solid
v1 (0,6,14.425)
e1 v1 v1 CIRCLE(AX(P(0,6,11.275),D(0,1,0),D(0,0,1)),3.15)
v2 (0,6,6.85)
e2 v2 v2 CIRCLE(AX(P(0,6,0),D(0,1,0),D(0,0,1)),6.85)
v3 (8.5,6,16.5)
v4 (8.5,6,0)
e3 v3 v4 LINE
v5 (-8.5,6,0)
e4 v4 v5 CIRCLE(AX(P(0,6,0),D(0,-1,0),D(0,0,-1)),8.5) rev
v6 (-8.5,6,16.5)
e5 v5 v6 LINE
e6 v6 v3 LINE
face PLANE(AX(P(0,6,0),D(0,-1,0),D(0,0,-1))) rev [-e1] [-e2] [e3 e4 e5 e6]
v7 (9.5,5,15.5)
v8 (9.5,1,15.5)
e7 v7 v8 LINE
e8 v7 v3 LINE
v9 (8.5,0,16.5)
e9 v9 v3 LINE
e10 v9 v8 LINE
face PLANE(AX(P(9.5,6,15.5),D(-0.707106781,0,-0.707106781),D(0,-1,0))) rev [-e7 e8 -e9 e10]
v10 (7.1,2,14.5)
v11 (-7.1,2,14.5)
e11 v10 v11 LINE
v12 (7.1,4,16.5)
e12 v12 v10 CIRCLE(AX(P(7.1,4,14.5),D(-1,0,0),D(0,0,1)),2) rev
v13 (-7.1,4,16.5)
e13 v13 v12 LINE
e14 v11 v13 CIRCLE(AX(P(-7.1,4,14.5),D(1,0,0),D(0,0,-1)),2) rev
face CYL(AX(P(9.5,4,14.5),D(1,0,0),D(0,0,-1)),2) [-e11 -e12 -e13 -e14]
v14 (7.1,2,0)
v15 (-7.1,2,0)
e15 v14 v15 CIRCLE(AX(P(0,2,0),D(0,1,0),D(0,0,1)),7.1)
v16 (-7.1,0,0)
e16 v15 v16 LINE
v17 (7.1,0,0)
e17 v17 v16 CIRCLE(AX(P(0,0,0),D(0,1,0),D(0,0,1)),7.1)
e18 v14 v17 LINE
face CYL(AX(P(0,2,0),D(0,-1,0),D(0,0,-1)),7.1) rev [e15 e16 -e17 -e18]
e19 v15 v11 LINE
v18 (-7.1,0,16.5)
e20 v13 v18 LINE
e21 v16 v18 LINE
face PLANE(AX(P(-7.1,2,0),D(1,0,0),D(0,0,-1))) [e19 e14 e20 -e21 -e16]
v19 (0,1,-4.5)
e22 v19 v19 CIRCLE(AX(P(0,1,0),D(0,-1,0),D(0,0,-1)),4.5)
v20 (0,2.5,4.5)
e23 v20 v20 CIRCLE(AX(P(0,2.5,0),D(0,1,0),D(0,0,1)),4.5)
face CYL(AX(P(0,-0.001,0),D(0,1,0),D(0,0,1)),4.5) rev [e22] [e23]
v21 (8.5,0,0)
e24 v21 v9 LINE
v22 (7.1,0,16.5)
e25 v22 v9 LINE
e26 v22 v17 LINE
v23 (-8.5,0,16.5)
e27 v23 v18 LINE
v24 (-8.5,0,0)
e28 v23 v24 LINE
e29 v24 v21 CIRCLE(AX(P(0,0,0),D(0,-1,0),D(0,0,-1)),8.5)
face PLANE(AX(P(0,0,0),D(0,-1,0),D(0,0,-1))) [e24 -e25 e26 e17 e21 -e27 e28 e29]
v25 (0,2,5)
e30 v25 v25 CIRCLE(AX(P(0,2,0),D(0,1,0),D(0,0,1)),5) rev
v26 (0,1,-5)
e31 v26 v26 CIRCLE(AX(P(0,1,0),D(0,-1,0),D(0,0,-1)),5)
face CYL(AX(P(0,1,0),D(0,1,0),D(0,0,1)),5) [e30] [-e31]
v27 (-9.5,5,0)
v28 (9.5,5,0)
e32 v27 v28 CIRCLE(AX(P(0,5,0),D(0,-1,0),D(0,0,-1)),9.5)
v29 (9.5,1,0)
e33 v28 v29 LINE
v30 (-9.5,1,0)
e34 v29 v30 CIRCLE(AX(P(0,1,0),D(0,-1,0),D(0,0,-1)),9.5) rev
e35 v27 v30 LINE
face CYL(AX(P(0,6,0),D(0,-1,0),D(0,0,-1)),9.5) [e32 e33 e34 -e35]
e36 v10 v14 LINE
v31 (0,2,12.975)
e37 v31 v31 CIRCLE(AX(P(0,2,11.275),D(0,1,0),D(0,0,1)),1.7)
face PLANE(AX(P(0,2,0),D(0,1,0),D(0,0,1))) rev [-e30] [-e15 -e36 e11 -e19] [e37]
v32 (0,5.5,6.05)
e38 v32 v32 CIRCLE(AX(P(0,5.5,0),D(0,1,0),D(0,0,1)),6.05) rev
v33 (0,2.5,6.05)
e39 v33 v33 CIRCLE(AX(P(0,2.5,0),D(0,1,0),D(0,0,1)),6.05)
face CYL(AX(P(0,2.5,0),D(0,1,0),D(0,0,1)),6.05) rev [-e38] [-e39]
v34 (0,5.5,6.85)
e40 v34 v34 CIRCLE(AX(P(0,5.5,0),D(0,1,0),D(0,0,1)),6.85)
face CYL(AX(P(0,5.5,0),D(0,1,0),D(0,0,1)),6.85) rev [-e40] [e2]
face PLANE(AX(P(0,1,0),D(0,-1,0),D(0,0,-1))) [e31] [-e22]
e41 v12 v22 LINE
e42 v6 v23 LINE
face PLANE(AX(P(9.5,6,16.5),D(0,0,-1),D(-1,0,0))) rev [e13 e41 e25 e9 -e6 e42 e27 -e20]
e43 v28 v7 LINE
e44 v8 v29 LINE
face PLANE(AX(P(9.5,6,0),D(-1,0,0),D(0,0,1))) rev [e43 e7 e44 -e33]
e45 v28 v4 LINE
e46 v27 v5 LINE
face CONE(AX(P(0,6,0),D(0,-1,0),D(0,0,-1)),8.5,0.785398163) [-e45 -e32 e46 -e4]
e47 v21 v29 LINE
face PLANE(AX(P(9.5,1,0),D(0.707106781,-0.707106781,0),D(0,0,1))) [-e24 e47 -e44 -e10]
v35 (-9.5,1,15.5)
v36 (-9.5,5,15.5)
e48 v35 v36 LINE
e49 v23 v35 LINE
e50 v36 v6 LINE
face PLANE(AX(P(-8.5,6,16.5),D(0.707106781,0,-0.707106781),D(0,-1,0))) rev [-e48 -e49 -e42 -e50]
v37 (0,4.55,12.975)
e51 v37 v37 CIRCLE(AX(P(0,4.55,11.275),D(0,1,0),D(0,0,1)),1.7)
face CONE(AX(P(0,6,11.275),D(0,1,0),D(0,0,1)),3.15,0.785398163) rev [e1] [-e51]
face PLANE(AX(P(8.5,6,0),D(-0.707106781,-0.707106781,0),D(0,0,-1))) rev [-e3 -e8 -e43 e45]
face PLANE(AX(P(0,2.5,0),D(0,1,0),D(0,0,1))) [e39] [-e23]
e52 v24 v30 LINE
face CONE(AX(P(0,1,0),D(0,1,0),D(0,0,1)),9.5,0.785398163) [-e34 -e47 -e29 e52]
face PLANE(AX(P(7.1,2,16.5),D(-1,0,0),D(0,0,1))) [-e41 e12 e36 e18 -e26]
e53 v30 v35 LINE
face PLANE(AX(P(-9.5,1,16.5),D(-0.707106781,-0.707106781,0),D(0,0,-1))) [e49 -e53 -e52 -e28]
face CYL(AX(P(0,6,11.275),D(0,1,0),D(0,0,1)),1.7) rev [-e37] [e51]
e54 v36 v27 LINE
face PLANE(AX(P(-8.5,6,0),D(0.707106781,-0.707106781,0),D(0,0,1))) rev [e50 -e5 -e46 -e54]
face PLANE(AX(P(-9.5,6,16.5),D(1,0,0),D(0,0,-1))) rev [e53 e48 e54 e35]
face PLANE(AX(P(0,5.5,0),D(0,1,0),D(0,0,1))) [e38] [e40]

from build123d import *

# Parameters (mm, degrees)
BOSS_EXTRUDE1_DEPTH                                 = 6
CUT_EXTRUDE1_DEPTH                                  = 2
SKETCH3_R                                           = 6.05
CUT_EXTRUDE2_DEPTH                                  = 3.5
SKETCH4_R                                           = 6.85
CUT_EXTRUDE3_DEPTH                                  = 0.5
CUT_EXTRUDE4_REACH                                  = 21.358
SKETCH5_R                                           = 4.5
FILLET1_R                                           = 2
SKETCH6_R                                           = 5
SKETCH6_R_2                                         = 4.5
BOSS_EXTRUDE2_DEPTH                                 = 1
CSK_FOR_M3_COUNTERSUNK_FLAT_HEAD_SCREW1_D           = 3.4
CSK_FOR_M3_COUNTERSUNK_FLAT_HEAD_SCREW1_CSINK_D     = 6.3
CSK_FOR_M3_COUNTERSUNK_FLAT_HEAD_SCREW1_CSINK_ANGLE = 90
CHAMFER1_SIZE                                       = 1


with BuildPart() as part:
    # Sketch2 → Boss-Extrude1 (new body)
    with BuildSketch(Plane(origin=(0, 0, 0), x_dir=(1, 0, 0), z_dir=(0, 1, 0))):
        with BuildLine():
            Line((-9.5, -16.5), (-9.5, 0))
            ThreePointArc((-9.5, 0), (0, 9.5), (9.5, 0))
            Line((9.5, 0), (9.5, -16.5))
            Line((9.5, -16.5), (-9.5, -16.5))
        make_face()
    extrude(amount=BOSS_EXTRUDE1_DEPTH)

    # Sketch1 → Cut-Extrude1 (cut)
    with BuildSketch(Plane(origin=(0, 0, 0), x_dir=(1, 0, 0), z_dir=(0, 1, 0))):
        with BuildLine():
            Line((-7.1, 0), (-7.1, -16.5))
            Line((-7.1, -16.5), (7.1, -16.5))
            Line((7.1, -16.5), (7.1, 0))
            ThreePointArc((7.1, 0), (0, 7.1), (-7.1, 0))
        make_face()
    extrude(amount=CUT_EXTRUDE1_DEPTH, mode=Mode.SUBTRACT)

    # Sketch3 → Cut-Extrude2 (cut)
    with BuildSketch(Plane(origin=(0, 6, 0), x_dir=(1, 0, 0), z_dir=(0, 1, 0))):
        with Locations(Location((0, 0, 0), (0, 0, 270))):
            Circle(SKETCH3_R)
    extrude(amount=-CUT_EXTRUDE2_DEPTH, mode=Mode.SUBTRACT)

    # Sketch4 → Cut-Extrude3 (cut)
    with BuildSketch(Plane(origin=(0, 6, 0), x_dir=(1, 0, 0), z_dir=(0, 1, 0))):
        with Locations(Location((0, 0, 0), (0, 0, 270))):
            Circle(SKETCH4_R)
    extrude(amount=-CUT_EXTRUDE3_DEPTH, mode=Mode.SUBTRACT)

    # Sketch5 → Cut-Extrude4 (cut, up to next)
    with BuildSketch(Plane(origin=(0, 2.5, 0), x_dir=(1, 0, 0), z_dir=(0, 1, 0)), mode=Mode.PRIVATE) as cut_extrude4_sk1:
        with Locations(Location((0, 0, 0), (0, 0, 270))):
            Circle(SKETCH5_R)
    cut_extrude4_tool1 = extrude(cut_extrude4_sk1.sketch, amount=-CUT_EXTRUDE4_REACH, mode=Mode.PRIVATE) & part.part
    add(cut_extrude4_tool1.solids().sort_by_distance((0, 2.5, 0))[0], mode=Mode.SUBTRACT)

    # Fillet1
    fillet1_edges = [part.edges().sort_by_distance(p)[0] for p in [
        (0, 2, 16.5),
    ]]
    fillet(fillet1_edges, radius=FILLET1_R)

    # Sketch6 → Boss-Extrude2 (add)
    with BuildSketch(Plane.XZ.offset(-2)):
        with Locations(Location((0, 0, 0), (0, 0, 90))):
            Circle(SKETCH6_R)
        with Locations(Location((0, 0, 0), (0, 0, 90))):
            Circle(SKETCH6_R_2, mode=Mode.SUBTRACT)
    extrude(amount=BOSS_EXTRUDE2_DEPTH)

    # CSK for M3 Countersunk Flat Head Screw1 (through all)
    with Locations(Plane(origin=(0, 6, 0), x_dir=(1, 0, 0), z_dir=(0, 1, 0))):
        with Locations((0, -11.275)):
            CounterSinkHole(CSK_FOR_M3_COUNTERSUNK_FLAT_HEAD_SCREW1_D / 2, CSK_FOR_M3_COUNTERSUNK_FLAT_HEAD_SCREW1_CSINK_D / 2, counter_sink_angle=CSK_FOR_M3_COUNTERSUNK_FLAT_HEAD_SCREW1_CSINK_ANGLE)

    # Chamfer1
    chamfer1_edges = [part.edges().sort_by_distance(p)[0] for p in [
        (9.5, 6, 8.25),
        (0, 6, -9.5),
        (9.5, 0, 8.25),
        (-9.5, 0, 8.25),
        (0, 0, -9.5),
        (-9.5, 6, 8.25),
        (9.5, 3, 16.5),
        (-9.5, 3, 16.5),
    ]]
    chamfer(chamfer1_edges, length=CHAMFER1_SIZE)


solid = part.part
